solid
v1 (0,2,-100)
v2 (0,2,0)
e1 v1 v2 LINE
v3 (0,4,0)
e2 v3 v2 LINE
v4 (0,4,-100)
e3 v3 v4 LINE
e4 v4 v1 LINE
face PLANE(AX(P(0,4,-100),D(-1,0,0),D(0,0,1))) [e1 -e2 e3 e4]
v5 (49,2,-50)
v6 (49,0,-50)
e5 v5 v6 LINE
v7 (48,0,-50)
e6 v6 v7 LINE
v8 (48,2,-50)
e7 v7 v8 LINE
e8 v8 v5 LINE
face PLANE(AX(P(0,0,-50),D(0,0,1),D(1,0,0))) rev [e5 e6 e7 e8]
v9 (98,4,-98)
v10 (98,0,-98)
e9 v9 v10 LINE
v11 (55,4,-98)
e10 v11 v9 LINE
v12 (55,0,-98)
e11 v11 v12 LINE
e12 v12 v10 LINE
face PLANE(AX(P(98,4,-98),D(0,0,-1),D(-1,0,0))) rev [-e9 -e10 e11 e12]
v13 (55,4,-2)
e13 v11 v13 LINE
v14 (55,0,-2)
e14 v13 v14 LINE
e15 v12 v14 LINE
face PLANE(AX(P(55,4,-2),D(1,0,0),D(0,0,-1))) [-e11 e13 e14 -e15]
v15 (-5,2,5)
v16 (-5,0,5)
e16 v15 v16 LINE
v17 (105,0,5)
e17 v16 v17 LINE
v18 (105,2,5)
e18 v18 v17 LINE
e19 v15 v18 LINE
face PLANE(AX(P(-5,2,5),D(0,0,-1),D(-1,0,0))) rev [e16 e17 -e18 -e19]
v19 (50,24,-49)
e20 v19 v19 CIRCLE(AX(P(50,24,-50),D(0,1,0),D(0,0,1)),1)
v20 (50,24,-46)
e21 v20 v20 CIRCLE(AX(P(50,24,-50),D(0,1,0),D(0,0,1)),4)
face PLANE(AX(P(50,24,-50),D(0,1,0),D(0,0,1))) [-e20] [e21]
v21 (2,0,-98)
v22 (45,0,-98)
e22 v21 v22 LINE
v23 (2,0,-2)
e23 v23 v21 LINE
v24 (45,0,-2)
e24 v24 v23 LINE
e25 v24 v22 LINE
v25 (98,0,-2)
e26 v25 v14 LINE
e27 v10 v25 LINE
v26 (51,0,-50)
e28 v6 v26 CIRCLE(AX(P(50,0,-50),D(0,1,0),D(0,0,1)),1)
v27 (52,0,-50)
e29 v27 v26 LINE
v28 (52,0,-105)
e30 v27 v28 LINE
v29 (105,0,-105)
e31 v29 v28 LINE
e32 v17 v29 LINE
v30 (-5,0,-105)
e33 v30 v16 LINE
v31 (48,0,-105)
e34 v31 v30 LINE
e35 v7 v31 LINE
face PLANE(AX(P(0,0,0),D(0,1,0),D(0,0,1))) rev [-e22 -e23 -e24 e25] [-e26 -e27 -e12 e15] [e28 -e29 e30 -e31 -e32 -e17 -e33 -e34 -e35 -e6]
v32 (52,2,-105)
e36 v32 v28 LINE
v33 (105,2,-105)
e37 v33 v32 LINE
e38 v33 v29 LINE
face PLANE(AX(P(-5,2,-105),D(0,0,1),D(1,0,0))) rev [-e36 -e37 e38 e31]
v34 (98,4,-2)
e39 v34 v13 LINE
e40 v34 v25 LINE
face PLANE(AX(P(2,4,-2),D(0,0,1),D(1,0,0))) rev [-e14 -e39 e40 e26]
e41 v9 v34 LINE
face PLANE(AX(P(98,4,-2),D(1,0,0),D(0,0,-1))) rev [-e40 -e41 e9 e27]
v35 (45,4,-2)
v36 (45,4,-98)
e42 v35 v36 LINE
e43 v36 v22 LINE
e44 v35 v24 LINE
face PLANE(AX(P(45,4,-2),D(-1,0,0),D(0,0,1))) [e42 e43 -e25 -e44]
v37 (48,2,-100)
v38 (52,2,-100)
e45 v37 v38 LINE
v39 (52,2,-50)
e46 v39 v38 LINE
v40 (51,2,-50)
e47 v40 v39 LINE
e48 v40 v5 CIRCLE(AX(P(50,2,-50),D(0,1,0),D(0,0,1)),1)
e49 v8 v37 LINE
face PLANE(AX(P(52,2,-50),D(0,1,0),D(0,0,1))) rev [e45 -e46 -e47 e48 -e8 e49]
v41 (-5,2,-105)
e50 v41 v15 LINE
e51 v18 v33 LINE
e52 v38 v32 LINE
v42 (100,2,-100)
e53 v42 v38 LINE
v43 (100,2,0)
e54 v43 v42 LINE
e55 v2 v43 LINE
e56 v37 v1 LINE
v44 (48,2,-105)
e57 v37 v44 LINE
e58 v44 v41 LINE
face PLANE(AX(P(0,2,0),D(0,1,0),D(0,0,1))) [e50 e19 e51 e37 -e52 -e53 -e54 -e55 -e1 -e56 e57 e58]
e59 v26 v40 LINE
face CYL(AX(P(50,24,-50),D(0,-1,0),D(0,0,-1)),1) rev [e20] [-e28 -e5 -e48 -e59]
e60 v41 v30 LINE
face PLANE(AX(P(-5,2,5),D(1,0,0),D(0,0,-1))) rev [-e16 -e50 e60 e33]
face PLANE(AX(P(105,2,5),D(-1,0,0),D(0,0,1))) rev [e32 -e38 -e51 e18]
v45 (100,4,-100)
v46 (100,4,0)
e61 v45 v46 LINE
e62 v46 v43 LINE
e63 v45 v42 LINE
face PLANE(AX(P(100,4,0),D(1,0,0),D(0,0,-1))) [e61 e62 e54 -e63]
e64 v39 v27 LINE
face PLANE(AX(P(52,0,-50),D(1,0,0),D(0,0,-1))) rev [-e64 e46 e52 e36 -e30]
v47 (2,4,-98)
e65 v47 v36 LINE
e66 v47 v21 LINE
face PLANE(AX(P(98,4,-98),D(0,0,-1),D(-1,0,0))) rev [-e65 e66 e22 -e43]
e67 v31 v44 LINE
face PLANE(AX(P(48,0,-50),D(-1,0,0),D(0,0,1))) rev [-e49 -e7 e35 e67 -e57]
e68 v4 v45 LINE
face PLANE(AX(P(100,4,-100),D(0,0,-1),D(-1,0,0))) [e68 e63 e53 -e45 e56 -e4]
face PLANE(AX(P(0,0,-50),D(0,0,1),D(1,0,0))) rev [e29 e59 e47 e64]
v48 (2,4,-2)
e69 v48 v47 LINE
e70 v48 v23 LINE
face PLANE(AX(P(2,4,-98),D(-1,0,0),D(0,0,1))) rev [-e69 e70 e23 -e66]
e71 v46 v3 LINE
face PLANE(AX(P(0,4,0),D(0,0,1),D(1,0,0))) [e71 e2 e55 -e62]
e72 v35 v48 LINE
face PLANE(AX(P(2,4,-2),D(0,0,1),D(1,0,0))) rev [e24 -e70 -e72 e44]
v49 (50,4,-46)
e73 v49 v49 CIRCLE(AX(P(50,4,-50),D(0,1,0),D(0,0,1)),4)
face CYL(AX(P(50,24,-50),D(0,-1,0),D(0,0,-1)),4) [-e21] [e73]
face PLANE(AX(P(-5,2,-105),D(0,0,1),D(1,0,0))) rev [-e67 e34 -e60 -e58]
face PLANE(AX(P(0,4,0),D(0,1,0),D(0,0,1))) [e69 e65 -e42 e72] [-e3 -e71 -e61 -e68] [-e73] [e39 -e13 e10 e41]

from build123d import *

# Parameters (mm, degrees)
CROQUIS1_W              = 110
CROQUIS1_H              = 110
CROQUIS1_W_2            = 100
CROQUIS1_H_2            = 100
SALIENTE_EXTRUIR1_DEPTH = 2
CROQUIS2_W              = 100
CROQUIS2_H              = 100
CROQUIS2_W_2            = 96
CROQUIS2_H_2            = 96
SALIENTE_EXTRUIR2_DEPTH = 4
CROQUIS3_W              = 10
CROQUIS3_H              = 96
SALIENTE_EXTRUIR3_DEPTH = 4
CROQUIS4_R              = 4
CROQUIS4_R_2            = 1
SALIENTE_EXTRUIR4_DEPTH = 20
CORTAR_EXTRUIR1_START   = -20
CROQUIS5_R              = 1
CORTAR_EXTRUIR1_DEPTH   = 20
CROQUIS6_W              = 4
CROQUIS6_H              = 2
CORTAR_EXTRUIR4_DEPTH   = 55


with BuildPart() as part:
    # Croquis1 → Saliente-Extruir1 (new body)
    with BuildSketch(Plane(origin=(0, 0, 0), x_dir=(1, 0, 0), z_dir=(0, 1, 0))):
        with Locations((50, 50)):
            Rectangle(CROQUIS1_W, CROQUIS1_H)
        with Locations((50, 50)):
            Rectangle(CROQUIS1_W_2, CROQUIS1_H_2, mode=Mode.SUBTRACT)
    extrude(amount=SALIENTE_EXTRUIR1_DEPTH)

    # Croquis2 → Saliente-Extruir2 (add)
    with BuildSketch(Plane.XZ):
        with Locations((50, -50)):
            Rectangle(CROQUIS2_W, CROQUIS2_H)
        with Locations((50, -50)):
            Rectangle(CROQUIS2_W_2, CROQUIS2_H_2, mode=Mode.SUBTRACT)
    extrude(amount=-SALIENTE_EXTRUIR2_DEPTH)

    # Croquis3 → Saliente-Extruir3 (add)
    with BuildSketch(Plane.XZ):
        with Locations((50, -50)):
            Rectangle(CROQUIS3_W, CROQUIS3_H)
    extrude(amount=-SALIENTE_EXTRUIR3_DEPTH)

    # Croquis4 → Saliente-Extruir4 (add)
    with BuildSketch(Plane(origin=(0, 4, 0), x_dir=(1, 0, 0), z_dir=(0, 1, 0))):
        with Locations(Location((50, 50, 0), (0, 0, 270))):
            Circle(CROQUIS4_R)
        with Locations(Location((50, 50, 0), (0, 0, 270))):
            Circle(CROQUIS4_R_2, mode=Mode.SUBTRACT)
    extrude(amount=SALIENTE_EXTRUIR4_DEPTH)

    # Croquis5 → Cortar-Extruir1 (cut)
    with BuildSketch(Plane(origin=(0, 4, 0), x_dir=(1, 0, 0), z_dir=(0, 1, 0)).offset(CORTAR_EXTRUIR1_START)):
        with Locations(Location((50, 50, 0), (0, 0, 270))):
            Circle(CROQUIS5_R)
    extrude(amount=CORTAR_EXTRUIR1_DEPTH, mode=Mode.SUBTRACT)

    # Croquis6 → Cortar-Extruir4 (cut)
    with BuildSketch(Plane(origin=(0, 0, -105), x_dir=(-1, 0, 0), z_dir=(0, 0, -1))):
        with Locations((-50, 1)):
            Rectangle(CROQUIS6_W, CROQUIS6_H)
    extrude(amount=-CORTAR_EXTRUIR4_DEPTH, mode=Mode.SUBTRACT)


solid = part.part
